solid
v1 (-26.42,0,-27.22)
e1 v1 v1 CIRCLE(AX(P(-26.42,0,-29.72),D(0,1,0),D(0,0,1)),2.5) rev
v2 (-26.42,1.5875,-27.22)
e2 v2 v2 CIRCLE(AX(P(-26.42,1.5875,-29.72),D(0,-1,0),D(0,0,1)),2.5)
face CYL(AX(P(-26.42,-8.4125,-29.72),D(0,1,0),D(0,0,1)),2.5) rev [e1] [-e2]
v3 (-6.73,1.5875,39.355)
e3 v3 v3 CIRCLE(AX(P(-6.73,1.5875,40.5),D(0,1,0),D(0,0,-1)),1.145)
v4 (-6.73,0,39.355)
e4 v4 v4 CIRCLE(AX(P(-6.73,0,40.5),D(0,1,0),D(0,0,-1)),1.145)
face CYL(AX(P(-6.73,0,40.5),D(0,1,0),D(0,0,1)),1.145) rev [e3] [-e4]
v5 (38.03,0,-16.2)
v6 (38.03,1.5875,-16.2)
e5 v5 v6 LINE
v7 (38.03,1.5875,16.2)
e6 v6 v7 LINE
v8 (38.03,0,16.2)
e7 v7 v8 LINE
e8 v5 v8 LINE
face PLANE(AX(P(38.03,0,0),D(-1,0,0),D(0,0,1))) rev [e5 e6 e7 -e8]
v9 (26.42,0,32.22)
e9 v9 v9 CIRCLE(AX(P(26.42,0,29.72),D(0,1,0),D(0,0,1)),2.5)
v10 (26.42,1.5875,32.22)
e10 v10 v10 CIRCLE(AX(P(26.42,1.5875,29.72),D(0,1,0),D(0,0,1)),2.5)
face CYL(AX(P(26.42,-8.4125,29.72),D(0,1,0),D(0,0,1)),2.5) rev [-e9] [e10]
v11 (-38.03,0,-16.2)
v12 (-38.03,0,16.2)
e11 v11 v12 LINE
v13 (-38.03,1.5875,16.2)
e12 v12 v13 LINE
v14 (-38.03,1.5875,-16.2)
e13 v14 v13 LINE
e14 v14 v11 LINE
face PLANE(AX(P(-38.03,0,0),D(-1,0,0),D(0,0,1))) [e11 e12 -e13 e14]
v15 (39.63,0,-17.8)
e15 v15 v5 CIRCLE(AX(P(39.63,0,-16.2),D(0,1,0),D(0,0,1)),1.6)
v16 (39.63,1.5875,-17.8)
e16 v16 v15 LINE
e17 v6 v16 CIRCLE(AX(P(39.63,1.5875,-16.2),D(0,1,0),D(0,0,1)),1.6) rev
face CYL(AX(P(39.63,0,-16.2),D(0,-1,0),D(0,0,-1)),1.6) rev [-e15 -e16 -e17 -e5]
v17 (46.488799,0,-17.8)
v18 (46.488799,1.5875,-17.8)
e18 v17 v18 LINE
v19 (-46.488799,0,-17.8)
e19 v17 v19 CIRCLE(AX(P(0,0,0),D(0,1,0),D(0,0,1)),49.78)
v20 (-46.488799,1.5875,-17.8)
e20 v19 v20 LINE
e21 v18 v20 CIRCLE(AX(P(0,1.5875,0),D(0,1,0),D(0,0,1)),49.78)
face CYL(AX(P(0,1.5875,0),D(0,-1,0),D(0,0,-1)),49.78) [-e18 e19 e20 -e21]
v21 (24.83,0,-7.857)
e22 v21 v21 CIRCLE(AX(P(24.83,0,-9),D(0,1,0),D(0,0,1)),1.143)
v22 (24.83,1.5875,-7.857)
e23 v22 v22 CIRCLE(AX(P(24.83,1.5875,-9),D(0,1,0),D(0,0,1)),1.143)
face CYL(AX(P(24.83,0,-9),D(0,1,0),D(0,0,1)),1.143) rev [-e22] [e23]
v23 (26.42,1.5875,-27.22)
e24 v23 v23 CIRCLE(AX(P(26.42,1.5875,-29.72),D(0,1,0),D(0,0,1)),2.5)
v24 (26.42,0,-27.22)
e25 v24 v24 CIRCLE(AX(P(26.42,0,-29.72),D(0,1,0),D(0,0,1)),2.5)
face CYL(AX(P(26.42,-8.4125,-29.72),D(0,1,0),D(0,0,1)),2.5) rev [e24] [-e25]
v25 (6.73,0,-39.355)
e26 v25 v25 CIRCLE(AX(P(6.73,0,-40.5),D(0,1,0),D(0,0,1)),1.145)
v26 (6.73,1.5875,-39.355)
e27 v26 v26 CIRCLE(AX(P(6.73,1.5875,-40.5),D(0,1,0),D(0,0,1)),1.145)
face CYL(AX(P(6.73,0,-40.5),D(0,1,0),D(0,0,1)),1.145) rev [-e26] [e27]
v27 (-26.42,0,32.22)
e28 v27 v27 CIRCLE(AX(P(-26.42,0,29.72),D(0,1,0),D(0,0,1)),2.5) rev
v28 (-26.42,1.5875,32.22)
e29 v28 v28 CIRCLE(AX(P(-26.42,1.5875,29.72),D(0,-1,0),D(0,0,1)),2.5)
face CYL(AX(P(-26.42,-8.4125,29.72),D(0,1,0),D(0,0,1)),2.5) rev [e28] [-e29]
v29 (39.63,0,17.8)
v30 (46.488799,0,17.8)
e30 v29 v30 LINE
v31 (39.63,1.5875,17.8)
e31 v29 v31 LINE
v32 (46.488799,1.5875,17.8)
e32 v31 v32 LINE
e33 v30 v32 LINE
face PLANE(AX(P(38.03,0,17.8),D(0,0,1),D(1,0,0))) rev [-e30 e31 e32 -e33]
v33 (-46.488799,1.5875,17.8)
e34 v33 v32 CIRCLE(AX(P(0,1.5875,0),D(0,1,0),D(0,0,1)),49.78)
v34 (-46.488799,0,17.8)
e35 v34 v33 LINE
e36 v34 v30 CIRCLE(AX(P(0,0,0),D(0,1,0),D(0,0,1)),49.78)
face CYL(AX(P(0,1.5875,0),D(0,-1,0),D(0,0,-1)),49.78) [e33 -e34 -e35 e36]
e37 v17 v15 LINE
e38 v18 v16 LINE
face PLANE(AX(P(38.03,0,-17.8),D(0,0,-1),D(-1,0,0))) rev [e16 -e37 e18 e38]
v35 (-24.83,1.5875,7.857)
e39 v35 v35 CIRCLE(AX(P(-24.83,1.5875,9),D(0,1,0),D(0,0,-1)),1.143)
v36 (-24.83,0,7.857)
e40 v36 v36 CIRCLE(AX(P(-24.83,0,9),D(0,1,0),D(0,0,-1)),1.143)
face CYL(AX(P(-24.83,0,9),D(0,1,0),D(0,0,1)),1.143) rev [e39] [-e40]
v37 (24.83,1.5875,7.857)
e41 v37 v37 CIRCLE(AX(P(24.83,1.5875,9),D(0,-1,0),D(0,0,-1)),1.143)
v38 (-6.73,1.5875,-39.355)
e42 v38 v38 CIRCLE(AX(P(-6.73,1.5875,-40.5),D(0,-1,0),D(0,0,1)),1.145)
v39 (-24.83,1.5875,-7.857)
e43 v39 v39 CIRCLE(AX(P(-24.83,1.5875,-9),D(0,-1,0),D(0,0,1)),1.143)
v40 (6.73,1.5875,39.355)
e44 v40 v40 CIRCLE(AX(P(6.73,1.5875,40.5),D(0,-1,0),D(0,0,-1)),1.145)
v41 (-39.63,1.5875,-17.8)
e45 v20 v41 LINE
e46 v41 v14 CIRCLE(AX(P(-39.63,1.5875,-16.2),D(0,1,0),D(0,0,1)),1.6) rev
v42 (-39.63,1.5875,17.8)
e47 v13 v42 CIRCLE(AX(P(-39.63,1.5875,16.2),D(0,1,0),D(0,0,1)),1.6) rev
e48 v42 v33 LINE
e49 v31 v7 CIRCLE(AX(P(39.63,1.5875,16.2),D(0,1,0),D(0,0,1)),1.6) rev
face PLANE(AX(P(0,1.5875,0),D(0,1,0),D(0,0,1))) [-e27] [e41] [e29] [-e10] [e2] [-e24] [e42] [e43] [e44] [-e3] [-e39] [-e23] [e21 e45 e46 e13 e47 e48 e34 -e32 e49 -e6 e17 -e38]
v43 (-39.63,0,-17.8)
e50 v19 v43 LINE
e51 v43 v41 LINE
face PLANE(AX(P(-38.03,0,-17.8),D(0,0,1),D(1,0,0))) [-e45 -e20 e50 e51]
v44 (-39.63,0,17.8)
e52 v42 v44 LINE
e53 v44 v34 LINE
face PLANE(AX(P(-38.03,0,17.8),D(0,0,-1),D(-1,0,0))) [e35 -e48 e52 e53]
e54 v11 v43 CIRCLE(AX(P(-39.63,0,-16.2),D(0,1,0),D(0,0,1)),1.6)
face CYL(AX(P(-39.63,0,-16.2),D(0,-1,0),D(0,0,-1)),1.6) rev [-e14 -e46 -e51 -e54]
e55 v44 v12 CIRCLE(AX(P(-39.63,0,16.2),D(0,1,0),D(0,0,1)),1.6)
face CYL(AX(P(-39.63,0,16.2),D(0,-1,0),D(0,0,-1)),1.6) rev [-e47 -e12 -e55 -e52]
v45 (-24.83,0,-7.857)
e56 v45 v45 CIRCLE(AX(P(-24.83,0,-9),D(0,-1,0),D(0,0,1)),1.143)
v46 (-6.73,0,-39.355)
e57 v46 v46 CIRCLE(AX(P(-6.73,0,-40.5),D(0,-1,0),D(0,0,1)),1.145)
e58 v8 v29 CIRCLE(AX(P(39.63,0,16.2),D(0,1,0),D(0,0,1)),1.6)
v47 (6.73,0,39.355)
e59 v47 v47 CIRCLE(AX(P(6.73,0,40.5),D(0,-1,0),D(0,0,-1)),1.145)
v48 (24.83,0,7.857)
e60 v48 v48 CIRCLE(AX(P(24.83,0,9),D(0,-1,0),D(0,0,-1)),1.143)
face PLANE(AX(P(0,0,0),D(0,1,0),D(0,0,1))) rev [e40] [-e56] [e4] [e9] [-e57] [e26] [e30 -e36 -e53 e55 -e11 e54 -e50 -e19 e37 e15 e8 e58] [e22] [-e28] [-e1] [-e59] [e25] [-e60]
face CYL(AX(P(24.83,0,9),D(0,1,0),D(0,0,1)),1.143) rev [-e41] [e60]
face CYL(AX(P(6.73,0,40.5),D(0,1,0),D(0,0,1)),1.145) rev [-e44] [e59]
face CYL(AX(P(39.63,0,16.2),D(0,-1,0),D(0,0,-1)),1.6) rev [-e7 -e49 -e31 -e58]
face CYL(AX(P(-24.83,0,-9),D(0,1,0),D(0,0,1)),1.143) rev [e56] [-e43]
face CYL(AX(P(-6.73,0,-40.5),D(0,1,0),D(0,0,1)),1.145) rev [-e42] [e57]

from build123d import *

# Parameters (mm, degrees)
SKETCH1_R               = 49.78
EXTRUDE1_DEPTH          = 1.5875
SKETCH2_R               = 2.5
EXTRUDE2_DEPTH          = 10
CUT_EXTRUDE1_DEPTH      = 71.417447811
FILLET5_R               = 1.6
FILLET5_OF_MIRROR4_R    = 1.6
SKETCH4_R               = 1.145
CUT_EXTRUDE2_DEPTH      = 69.130587523
MIRROR7_COPY_1_SKETCH_R = 1.145
MIRROR7_COPY_1_DEPTH    = 69.130587523
MIRROR7_COPY_2_SKETCH_R = 1.145
MIRROR7_COPY_2_DEPTH    = 69.130587523
SKETCH6_R               = 1.143
CUT_EXTRUDE4_DEPTH      = 69.130587523
MIRROR9_COPY_1_SKETCH_R = 1.143
MIRROR9_COPY_1_DEPTH    = 69.130587523
MIRROR9_COPY_2_SKETCH_R = 1.143
MIRROR9_COPY_2_DEPTH    = 69.130587523


with BuildPart() as part:
    # Sketch1 → Extrude1 (new body)
    with BuildSketch(Plane(origin=(0, 0, 0), x_dir=(1, 0, 0), z_dir=(0, 1, 0))):
        Circle(SKETCH1_R)
    extrude(amount=EXTRUDE1_DEPTH)

    # Sketch2 → Extrude2 (cut)
    with BuildSketch(Plane(origin=(0, 1.5875, 0), x_dir=(-1, 0, 0), z_dir=(0, 1, 0))):
        with Locations((-26.42, -29.72)):
            Circle(SKETCH2_R)
        with Locations((-26.42, 29.72)):
            Circle(SKETCH2_R)
    extrude2 = extrude(amount=-EXTRUDE2_DEPTH, mode=Mode.SUBTRACT)

    # Sketch3 → Cut-Extrude1 (cut, through all)
    with BuildSketch(Plane(origin=(0, 1.5875, 0), x_dir=(1, 0, 0), z_dir=(0, 1, 0))):
        with BuildLine():
            Line((38.03, 0), (38.03, 17.8))
            Line((38.03, 17.8), (46.488798651, 17.8))
            ThreePointArc((46.488798651, 17.8), (49.78, 0), (46.488798651, -17.8))
            Line((46.488798651, -17.8), (38.03, -17.8))
            Line((38.03, -17.8), (38.03, 0))
        make_face()
    cut_extrude1 = extrude(amount=-CUT_EXTRUDE1_DEPTH, mode=Mode.SUBTRACT)

    # Fillet5
    fillet5_edges = [part.edges().sort_by_distance(p)[0] for p in [
        (38.03, 0.79375, 17.8),
        (38.03, 0.79375, -17.8),
    ]]
    fillet(fillet5_edges, radius=FILLET5_R)

    # Mirror4: Cut-Extrude1 across plane
    add(cut_extrude1.mirror(Plane(origin=(0, 0, 0), x_dir=(0, 0, 1), z_dir=(1, 0, 0))), mode=Mode.SUBTRACT)

    # Fillet5 of Mirror4
    fillet5_of_mirror4_edges = [part.edges().sort_by_distance(p)[0] for p in [
        (-38.03, 0.79375, 17.8),
        (-38.03, 0.79375, -17.8),
    ]]
    fillet(fillet5_of_mirror4_edges, radius=FILLET5_OF_MIRROR4_R)

    # Sketch4 → Cut-Extrude2 (cut, through all)
    with BuildSketch(Plane(origin=(0, 1.5875, 0), x_dir=(1, 0, 0), z_dir=(0, 1, 0))):
        with Locations((6.73, 40.5)):
            Circle(SKETCH4_R)
    cut_extrude2 = extrude(amount=-CUT_EXTRUDE2_DEPTH, mode=Mode.SUBTRACT)

    # Mirror5: Cut-Extrude2 across plane
    add(cut_extrude2.mirror(Plane(origin=(0, 0, 0), x_dir=(0, 0, 1), z_dir=(1, 0, 0))), mode=Mode.SUBTRACT)

    # Mirror7 copy 1 sketch → Mirror7 copy 1 (cut, through all)
    with BuildSketch(Plane(origin=(0, 1.5875, 0), x_dir=(-1, 0, 0), z_dir=(0, 1, 0))):
        with Locations((6.73, 40.5)):
            Circle(MIRROR7_COPY_1_SKETCH_R)
    extrude(amount=-MIRROR7_COPY_1_DEPTH, mode=Mode.SUBTRACT)

    # Mirror7 copy 2 sketch → Mirror7 copy 2 (cut, through all)
    with BuildSketch(Plane(origin=(0, 1.5875, 0), x_dir=(1, 0, 0), z_dir=(0, 1, 0))):
        with Locations((6.73, -40.5)):
            Circle(MIRROR7_COPY_2_SKETCH_R)
    extrude(amount=-MIRROR7_COPY_2_DEPTH, mode=Mode.SUBTRACT)

    # Mirror1: Extrude2 across plane
    add(extrude2.mirror(Plane(origin=(0, 0, 0), x_dir=(0, 0, 1), z_dir=(1, 0, 0))), mode=Mode.SUBTRACT)

    # Sketch6 → Cut-Extrude4 (cut, through all)
    with BuildSketch(Plane(origin=(0, 1.5875, 0), x_dir=(1, 0, 0), z_dir=(0, 1, 0))):
        with Locations((24.83, 9)):
            Circle(SKETCH6_R)
    cut_extrude4 = extrude(amount=-CUT_EXTRUDE4_DEPTH, mode=Mode.SUBTRACT)

    # Mirror8: Cut-Extrude4 across plane
    add(cut_extrude4.mirror(Plane.XY), mode=Mode.SUBTRACT)

    # Mirror9 copy 1 sketch → Mirror9 copy 1 (cut, through all)
    with BuildSketch(Plane(origin=(0, 1.5875, 0), x_dir=(-1, 0, 0), z_dir=(0, 1, 0))):
        with Locations((24.83, 9)):
            Circle(MIRROR9_COPY_1_SKETCH_R)
    extrude(amount=-MIRROR9_COPY_1_DEPTH, mode=Mode.SUBTRACT)

    # Mirror9 copy 2 sketch → Mirror9 copy 2 (cut, through all)
    with BuildSketch(Plane(origin=(0, 1.5875, 0), x_dir=(-1, 0, 0), z_dir=(0, 1, 0))):
        with Locations((24.83, -9)):
            Circle(MIRROR9_COPY_2_SKETCH_R)
    extrude(amount=-MIRROR9_COPY_2_DEPTH, mode=Mode.SUBTRACT)


solid = part.part
